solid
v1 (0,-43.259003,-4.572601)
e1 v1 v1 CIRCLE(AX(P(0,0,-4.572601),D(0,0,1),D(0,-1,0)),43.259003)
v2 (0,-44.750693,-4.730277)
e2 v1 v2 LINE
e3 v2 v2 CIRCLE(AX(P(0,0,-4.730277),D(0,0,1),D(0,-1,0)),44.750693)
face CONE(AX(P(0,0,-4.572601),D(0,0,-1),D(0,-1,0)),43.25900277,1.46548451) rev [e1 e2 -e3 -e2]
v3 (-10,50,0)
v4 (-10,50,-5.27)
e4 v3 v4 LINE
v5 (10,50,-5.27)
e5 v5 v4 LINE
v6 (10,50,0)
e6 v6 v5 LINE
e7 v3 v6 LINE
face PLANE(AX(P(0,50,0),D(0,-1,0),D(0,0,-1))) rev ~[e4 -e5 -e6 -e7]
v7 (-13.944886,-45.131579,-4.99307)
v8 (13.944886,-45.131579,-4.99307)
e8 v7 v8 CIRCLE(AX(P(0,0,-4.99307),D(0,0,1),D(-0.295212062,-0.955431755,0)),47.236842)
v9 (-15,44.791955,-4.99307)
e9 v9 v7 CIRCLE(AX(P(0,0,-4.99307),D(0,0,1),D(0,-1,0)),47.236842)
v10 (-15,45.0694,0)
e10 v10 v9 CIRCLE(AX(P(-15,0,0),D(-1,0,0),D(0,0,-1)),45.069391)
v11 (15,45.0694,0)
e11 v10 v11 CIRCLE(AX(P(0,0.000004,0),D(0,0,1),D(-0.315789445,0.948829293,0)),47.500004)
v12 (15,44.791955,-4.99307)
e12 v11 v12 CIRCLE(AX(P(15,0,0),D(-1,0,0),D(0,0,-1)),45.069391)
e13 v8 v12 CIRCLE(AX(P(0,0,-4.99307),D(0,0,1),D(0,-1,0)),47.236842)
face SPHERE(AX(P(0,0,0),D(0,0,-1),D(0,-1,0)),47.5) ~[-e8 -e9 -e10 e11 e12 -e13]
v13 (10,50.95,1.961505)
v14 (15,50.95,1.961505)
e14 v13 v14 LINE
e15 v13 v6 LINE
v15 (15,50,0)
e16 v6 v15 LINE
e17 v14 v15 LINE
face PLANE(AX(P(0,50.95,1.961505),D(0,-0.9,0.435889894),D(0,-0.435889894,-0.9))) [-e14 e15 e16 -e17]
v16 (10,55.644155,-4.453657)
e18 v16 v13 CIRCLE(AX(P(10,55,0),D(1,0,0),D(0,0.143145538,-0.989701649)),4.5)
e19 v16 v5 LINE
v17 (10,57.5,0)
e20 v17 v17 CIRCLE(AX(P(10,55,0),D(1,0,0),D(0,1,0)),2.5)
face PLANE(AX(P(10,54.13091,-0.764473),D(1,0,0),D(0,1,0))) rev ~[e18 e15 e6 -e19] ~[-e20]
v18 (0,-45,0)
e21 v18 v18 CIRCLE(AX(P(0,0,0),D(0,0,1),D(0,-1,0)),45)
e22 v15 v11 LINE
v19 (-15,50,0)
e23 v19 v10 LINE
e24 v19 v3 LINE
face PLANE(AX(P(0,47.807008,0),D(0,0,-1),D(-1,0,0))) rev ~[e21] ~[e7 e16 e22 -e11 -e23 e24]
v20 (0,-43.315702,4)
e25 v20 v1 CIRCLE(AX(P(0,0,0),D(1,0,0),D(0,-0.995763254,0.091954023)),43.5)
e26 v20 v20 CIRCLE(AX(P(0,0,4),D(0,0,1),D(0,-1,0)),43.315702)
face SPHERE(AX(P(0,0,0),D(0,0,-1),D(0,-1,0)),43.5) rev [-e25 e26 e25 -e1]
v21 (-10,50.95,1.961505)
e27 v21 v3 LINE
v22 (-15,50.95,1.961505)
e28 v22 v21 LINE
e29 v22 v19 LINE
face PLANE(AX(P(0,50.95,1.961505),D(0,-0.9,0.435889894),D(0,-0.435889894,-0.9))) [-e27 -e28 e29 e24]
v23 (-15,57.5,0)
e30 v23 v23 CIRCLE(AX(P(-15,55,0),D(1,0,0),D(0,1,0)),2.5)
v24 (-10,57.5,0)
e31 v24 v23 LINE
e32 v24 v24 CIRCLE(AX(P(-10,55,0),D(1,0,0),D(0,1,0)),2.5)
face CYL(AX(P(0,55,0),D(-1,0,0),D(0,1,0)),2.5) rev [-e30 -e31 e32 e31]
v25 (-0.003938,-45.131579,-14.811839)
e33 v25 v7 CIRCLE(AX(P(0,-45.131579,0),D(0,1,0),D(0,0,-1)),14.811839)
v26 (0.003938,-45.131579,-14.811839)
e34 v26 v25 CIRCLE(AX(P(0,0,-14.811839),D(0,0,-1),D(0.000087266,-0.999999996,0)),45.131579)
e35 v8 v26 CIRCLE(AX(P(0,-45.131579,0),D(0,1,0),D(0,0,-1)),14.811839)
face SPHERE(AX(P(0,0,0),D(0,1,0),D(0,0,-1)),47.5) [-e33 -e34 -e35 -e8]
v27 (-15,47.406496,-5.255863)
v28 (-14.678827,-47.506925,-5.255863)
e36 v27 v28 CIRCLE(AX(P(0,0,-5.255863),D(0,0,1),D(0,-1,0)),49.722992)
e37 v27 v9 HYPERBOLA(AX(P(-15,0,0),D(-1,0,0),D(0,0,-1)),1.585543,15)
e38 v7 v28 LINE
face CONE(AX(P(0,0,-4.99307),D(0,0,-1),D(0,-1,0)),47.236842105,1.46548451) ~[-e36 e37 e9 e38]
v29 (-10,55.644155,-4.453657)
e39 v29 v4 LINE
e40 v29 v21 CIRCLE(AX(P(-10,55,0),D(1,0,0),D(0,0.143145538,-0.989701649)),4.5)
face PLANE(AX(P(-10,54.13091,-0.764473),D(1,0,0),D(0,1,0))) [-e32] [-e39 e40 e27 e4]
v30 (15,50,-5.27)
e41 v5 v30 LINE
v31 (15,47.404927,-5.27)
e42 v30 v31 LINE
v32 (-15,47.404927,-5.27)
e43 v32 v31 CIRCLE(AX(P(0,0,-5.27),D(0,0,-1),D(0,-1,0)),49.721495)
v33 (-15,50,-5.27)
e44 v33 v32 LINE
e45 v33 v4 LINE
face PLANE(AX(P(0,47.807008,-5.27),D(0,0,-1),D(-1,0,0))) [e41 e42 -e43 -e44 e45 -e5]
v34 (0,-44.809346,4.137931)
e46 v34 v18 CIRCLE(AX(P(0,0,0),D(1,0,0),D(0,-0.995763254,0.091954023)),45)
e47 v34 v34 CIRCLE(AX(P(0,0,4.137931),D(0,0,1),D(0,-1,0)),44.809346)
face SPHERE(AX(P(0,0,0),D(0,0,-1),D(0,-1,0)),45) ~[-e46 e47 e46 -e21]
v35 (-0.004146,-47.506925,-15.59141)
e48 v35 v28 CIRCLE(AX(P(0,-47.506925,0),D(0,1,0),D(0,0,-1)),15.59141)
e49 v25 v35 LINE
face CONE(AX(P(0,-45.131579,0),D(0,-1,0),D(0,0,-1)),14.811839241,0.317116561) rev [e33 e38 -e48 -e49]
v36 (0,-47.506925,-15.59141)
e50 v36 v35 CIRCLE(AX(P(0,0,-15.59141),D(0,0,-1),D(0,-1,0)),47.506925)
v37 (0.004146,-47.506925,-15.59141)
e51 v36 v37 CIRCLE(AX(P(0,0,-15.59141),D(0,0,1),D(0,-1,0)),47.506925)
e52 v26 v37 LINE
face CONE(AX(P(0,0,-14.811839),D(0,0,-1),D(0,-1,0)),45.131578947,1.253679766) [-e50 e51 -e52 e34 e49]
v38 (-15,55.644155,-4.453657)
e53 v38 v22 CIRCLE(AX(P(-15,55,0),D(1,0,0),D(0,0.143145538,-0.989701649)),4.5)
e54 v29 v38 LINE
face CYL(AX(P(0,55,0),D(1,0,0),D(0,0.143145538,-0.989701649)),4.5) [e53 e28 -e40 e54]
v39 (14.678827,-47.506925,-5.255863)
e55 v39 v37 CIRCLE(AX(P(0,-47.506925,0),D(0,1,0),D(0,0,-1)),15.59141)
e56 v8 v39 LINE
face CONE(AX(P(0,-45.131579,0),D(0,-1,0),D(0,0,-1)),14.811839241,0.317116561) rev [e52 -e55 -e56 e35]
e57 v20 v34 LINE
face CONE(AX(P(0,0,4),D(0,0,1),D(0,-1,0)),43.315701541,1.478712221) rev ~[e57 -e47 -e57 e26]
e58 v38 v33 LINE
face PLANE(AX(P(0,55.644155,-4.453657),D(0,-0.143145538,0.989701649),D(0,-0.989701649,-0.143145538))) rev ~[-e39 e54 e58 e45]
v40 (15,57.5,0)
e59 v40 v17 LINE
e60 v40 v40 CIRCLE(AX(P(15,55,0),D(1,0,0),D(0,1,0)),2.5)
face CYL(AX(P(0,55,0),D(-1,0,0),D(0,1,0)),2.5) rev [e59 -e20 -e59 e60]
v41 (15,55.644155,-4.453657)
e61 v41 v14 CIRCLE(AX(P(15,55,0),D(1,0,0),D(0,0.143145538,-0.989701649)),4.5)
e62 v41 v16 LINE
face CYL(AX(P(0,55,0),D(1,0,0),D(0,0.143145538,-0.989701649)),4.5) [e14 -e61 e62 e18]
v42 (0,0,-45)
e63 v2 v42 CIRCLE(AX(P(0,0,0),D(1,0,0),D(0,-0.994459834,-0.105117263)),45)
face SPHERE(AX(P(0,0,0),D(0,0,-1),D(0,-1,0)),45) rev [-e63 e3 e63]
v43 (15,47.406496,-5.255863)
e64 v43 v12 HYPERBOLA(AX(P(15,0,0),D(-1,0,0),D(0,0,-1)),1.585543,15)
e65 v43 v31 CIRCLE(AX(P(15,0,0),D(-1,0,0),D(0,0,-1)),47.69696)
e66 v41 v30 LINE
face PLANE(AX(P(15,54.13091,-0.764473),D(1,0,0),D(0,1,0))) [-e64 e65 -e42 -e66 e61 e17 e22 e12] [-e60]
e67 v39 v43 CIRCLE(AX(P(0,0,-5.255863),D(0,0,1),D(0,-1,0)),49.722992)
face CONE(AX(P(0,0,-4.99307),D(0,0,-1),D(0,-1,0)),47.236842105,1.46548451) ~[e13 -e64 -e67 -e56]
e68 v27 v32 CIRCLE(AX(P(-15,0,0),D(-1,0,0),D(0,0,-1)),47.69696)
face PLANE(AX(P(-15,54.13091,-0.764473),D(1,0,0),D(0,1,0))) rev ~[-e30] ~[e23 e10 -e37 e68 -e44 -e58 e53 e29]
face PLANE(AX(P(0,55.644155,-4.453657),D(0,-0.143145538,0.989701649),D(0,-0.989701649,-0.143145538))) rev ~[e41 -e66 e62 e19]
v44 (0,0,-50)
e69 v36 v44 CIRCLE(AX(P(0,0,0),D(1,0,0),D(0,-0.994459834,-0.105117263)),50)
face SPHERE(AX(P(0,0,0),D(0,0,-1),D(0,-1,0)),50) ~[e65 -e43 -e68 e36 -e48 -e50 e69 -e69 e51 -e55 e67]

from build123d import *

# Parameters (mm, degrees)
GROOVE_ANGLE = -0.01
PAD_DEPTH    = 5.27
SKETCH003_R  = 2.5
PAD001_DEPTH = 15
POCKET_DEPTH = 10


with BuildPart() as part:
    # Sketch → Revolution (revolve)
    with BuildSketch(Plane.YZ):
        with BuildLine():
            ThreePointArc((-49.7229916898, -5.2558631471), (-33.4455291679, -37.1671438058), (0, -50))
            Line((0, -45), (0, -50))
            ThreePointArc((-44.7506925208, -4.7302768324), (-30.1009762511, -33.4504294252), (0, -45))
            Line((-43.2590027701, -4.572600938), (-44.7506925208, -4.7302768324))
            ThreePointArc((-43.3157015411, 4), (-43.4990485914, -0.287700619), (-43.2590027701, -4.572600938))
            Line((-43.3157015411, 4), (-44.8093464219, 4.1379310345))
            ThreePointArc((-44.8093464219, 4.1379310345), (-44.9523113365, 2.0711604255), (-45, 0))
            Line((-47.5, 0), (-45, 0))
            ThreePointArc((-47.5, 0), (-47.4341649025, -2.5), (-47.2368421053, -4.9930699897))
            Line((-47.2368421053, -4.9930699897), (-49.7229916898, -5.2558631471))
        make_face()
    revolve(axis=Axis((0, 0, 0), (0, 0, 1)))

    # Sketch001 → Groove (revolve, symmetric, cut)
    with BuildSketch(Plane.YZ) as groove_sk:
        with BuildLine():
            ThreePointArc((-47.5, 0), (-46.9041575982, -7.5), (-45.1315789474, -14.8118392415))
            Line((-45.1315789474, -14.8118392415), (-47.5069252078, -15.5914097279))
            ThreePointArc((-50, 0), (-49.3727974718, -7.8947368421), (-47.5069252078, -15.5914097279))
            Line((-47.5, 0), (-50, 0))
        make_face()
    revolve(axis=Axis((0, 0, 0), (0, 0, 1)), revolution_arc=GROOVE_ANGLE / 2, mode=Mode.SUBTRACT)
    revolve(groove_sk.sketch, axis=Axis((0, 0, 0), (0, 0, -1)), revolution_arc=GROOVE_ANGLE / 2, mode=Mode.SUBTRACT)

    # Sketch001 → Groove001 (revolve, cut)
    with BuildSketch(Plane.YZ):
        with BuildLine():
            ThreePointArc((-47.5, 0), (-46.9041575982, -7.5), (-45.1315789474, -14.8118392415))
            Line((-45.1315789474, -14.8118392415), (-47.5069252078, -15.5914097279))
            ThreePointArc((-50, 0), (-49.3727974718, -7.8947368421), (-47.5069252078, -15.5914097279))
            Line((-47.5, 0), (-50, 0))
        make_face()
    revolve(axis=Axis((0, 0, 0), (0, 1, 0)), mode=Mode.SUBTRACT)

    # Sketch002 → Pad (new body)
    with BuildSketch(Plane.XY):
        with BuildLine():
            Line((-15, 50), (15, 50))
            Line((15, 50), (15, 44.41))
            ThreePointArc((15, 44.41), (0, 46.8748130663), (-15, 44.41))
            Line((-15, 50), (-15, 44.41))
        make_face()
    extrude(amount=-PAD_DEPTH)

    # Sketch003 → Pad001 (join, symmetric)
    with BuildSketch(Plane.YZ):
        with BuildLine():
            ThreePointArc((55.6441549231, -4.4536574223), (58.6316003185, 2.6573443749), (50.95, 1.9615045245))
            Line((50.95, 1.9615045245), (50, 0))
            Line((50, 0), (50, -5.27))
            Line((55.6441549231, -4.4536574223), (50, -5.27))
        make_face()
        with Locations((55, 0)):
            Circle(SKETCH003_R, mode=Mode.SUBTRACT)
    extrude(amount=PAD001_DEPTH, both=True)

    # Sketch003 → Pocket (cut, symmetric)
    with BuildSketch(Plane.YZ):
        with BuildLine():
            ThreePointArc((55.6441549231, -4.4536574223), (58.6316003185, 2.6573443749), (50.95, 1.9615045245))
            Line((50.95, 1.9615045245), (50, 0))
            Line((50, 0), (50, -5.27))
            Line((55.6441549231, -4.4536574223), (50, -5.27))
        make_face()
        with Locations((55, 0)):
            Circle(SKETCH003_R, mode=Mode.SUBTRACT)
    extrude(amount=POCKET_DEPTH, both=True, mode=Mode.SUBTRACT)


solid = part.part
